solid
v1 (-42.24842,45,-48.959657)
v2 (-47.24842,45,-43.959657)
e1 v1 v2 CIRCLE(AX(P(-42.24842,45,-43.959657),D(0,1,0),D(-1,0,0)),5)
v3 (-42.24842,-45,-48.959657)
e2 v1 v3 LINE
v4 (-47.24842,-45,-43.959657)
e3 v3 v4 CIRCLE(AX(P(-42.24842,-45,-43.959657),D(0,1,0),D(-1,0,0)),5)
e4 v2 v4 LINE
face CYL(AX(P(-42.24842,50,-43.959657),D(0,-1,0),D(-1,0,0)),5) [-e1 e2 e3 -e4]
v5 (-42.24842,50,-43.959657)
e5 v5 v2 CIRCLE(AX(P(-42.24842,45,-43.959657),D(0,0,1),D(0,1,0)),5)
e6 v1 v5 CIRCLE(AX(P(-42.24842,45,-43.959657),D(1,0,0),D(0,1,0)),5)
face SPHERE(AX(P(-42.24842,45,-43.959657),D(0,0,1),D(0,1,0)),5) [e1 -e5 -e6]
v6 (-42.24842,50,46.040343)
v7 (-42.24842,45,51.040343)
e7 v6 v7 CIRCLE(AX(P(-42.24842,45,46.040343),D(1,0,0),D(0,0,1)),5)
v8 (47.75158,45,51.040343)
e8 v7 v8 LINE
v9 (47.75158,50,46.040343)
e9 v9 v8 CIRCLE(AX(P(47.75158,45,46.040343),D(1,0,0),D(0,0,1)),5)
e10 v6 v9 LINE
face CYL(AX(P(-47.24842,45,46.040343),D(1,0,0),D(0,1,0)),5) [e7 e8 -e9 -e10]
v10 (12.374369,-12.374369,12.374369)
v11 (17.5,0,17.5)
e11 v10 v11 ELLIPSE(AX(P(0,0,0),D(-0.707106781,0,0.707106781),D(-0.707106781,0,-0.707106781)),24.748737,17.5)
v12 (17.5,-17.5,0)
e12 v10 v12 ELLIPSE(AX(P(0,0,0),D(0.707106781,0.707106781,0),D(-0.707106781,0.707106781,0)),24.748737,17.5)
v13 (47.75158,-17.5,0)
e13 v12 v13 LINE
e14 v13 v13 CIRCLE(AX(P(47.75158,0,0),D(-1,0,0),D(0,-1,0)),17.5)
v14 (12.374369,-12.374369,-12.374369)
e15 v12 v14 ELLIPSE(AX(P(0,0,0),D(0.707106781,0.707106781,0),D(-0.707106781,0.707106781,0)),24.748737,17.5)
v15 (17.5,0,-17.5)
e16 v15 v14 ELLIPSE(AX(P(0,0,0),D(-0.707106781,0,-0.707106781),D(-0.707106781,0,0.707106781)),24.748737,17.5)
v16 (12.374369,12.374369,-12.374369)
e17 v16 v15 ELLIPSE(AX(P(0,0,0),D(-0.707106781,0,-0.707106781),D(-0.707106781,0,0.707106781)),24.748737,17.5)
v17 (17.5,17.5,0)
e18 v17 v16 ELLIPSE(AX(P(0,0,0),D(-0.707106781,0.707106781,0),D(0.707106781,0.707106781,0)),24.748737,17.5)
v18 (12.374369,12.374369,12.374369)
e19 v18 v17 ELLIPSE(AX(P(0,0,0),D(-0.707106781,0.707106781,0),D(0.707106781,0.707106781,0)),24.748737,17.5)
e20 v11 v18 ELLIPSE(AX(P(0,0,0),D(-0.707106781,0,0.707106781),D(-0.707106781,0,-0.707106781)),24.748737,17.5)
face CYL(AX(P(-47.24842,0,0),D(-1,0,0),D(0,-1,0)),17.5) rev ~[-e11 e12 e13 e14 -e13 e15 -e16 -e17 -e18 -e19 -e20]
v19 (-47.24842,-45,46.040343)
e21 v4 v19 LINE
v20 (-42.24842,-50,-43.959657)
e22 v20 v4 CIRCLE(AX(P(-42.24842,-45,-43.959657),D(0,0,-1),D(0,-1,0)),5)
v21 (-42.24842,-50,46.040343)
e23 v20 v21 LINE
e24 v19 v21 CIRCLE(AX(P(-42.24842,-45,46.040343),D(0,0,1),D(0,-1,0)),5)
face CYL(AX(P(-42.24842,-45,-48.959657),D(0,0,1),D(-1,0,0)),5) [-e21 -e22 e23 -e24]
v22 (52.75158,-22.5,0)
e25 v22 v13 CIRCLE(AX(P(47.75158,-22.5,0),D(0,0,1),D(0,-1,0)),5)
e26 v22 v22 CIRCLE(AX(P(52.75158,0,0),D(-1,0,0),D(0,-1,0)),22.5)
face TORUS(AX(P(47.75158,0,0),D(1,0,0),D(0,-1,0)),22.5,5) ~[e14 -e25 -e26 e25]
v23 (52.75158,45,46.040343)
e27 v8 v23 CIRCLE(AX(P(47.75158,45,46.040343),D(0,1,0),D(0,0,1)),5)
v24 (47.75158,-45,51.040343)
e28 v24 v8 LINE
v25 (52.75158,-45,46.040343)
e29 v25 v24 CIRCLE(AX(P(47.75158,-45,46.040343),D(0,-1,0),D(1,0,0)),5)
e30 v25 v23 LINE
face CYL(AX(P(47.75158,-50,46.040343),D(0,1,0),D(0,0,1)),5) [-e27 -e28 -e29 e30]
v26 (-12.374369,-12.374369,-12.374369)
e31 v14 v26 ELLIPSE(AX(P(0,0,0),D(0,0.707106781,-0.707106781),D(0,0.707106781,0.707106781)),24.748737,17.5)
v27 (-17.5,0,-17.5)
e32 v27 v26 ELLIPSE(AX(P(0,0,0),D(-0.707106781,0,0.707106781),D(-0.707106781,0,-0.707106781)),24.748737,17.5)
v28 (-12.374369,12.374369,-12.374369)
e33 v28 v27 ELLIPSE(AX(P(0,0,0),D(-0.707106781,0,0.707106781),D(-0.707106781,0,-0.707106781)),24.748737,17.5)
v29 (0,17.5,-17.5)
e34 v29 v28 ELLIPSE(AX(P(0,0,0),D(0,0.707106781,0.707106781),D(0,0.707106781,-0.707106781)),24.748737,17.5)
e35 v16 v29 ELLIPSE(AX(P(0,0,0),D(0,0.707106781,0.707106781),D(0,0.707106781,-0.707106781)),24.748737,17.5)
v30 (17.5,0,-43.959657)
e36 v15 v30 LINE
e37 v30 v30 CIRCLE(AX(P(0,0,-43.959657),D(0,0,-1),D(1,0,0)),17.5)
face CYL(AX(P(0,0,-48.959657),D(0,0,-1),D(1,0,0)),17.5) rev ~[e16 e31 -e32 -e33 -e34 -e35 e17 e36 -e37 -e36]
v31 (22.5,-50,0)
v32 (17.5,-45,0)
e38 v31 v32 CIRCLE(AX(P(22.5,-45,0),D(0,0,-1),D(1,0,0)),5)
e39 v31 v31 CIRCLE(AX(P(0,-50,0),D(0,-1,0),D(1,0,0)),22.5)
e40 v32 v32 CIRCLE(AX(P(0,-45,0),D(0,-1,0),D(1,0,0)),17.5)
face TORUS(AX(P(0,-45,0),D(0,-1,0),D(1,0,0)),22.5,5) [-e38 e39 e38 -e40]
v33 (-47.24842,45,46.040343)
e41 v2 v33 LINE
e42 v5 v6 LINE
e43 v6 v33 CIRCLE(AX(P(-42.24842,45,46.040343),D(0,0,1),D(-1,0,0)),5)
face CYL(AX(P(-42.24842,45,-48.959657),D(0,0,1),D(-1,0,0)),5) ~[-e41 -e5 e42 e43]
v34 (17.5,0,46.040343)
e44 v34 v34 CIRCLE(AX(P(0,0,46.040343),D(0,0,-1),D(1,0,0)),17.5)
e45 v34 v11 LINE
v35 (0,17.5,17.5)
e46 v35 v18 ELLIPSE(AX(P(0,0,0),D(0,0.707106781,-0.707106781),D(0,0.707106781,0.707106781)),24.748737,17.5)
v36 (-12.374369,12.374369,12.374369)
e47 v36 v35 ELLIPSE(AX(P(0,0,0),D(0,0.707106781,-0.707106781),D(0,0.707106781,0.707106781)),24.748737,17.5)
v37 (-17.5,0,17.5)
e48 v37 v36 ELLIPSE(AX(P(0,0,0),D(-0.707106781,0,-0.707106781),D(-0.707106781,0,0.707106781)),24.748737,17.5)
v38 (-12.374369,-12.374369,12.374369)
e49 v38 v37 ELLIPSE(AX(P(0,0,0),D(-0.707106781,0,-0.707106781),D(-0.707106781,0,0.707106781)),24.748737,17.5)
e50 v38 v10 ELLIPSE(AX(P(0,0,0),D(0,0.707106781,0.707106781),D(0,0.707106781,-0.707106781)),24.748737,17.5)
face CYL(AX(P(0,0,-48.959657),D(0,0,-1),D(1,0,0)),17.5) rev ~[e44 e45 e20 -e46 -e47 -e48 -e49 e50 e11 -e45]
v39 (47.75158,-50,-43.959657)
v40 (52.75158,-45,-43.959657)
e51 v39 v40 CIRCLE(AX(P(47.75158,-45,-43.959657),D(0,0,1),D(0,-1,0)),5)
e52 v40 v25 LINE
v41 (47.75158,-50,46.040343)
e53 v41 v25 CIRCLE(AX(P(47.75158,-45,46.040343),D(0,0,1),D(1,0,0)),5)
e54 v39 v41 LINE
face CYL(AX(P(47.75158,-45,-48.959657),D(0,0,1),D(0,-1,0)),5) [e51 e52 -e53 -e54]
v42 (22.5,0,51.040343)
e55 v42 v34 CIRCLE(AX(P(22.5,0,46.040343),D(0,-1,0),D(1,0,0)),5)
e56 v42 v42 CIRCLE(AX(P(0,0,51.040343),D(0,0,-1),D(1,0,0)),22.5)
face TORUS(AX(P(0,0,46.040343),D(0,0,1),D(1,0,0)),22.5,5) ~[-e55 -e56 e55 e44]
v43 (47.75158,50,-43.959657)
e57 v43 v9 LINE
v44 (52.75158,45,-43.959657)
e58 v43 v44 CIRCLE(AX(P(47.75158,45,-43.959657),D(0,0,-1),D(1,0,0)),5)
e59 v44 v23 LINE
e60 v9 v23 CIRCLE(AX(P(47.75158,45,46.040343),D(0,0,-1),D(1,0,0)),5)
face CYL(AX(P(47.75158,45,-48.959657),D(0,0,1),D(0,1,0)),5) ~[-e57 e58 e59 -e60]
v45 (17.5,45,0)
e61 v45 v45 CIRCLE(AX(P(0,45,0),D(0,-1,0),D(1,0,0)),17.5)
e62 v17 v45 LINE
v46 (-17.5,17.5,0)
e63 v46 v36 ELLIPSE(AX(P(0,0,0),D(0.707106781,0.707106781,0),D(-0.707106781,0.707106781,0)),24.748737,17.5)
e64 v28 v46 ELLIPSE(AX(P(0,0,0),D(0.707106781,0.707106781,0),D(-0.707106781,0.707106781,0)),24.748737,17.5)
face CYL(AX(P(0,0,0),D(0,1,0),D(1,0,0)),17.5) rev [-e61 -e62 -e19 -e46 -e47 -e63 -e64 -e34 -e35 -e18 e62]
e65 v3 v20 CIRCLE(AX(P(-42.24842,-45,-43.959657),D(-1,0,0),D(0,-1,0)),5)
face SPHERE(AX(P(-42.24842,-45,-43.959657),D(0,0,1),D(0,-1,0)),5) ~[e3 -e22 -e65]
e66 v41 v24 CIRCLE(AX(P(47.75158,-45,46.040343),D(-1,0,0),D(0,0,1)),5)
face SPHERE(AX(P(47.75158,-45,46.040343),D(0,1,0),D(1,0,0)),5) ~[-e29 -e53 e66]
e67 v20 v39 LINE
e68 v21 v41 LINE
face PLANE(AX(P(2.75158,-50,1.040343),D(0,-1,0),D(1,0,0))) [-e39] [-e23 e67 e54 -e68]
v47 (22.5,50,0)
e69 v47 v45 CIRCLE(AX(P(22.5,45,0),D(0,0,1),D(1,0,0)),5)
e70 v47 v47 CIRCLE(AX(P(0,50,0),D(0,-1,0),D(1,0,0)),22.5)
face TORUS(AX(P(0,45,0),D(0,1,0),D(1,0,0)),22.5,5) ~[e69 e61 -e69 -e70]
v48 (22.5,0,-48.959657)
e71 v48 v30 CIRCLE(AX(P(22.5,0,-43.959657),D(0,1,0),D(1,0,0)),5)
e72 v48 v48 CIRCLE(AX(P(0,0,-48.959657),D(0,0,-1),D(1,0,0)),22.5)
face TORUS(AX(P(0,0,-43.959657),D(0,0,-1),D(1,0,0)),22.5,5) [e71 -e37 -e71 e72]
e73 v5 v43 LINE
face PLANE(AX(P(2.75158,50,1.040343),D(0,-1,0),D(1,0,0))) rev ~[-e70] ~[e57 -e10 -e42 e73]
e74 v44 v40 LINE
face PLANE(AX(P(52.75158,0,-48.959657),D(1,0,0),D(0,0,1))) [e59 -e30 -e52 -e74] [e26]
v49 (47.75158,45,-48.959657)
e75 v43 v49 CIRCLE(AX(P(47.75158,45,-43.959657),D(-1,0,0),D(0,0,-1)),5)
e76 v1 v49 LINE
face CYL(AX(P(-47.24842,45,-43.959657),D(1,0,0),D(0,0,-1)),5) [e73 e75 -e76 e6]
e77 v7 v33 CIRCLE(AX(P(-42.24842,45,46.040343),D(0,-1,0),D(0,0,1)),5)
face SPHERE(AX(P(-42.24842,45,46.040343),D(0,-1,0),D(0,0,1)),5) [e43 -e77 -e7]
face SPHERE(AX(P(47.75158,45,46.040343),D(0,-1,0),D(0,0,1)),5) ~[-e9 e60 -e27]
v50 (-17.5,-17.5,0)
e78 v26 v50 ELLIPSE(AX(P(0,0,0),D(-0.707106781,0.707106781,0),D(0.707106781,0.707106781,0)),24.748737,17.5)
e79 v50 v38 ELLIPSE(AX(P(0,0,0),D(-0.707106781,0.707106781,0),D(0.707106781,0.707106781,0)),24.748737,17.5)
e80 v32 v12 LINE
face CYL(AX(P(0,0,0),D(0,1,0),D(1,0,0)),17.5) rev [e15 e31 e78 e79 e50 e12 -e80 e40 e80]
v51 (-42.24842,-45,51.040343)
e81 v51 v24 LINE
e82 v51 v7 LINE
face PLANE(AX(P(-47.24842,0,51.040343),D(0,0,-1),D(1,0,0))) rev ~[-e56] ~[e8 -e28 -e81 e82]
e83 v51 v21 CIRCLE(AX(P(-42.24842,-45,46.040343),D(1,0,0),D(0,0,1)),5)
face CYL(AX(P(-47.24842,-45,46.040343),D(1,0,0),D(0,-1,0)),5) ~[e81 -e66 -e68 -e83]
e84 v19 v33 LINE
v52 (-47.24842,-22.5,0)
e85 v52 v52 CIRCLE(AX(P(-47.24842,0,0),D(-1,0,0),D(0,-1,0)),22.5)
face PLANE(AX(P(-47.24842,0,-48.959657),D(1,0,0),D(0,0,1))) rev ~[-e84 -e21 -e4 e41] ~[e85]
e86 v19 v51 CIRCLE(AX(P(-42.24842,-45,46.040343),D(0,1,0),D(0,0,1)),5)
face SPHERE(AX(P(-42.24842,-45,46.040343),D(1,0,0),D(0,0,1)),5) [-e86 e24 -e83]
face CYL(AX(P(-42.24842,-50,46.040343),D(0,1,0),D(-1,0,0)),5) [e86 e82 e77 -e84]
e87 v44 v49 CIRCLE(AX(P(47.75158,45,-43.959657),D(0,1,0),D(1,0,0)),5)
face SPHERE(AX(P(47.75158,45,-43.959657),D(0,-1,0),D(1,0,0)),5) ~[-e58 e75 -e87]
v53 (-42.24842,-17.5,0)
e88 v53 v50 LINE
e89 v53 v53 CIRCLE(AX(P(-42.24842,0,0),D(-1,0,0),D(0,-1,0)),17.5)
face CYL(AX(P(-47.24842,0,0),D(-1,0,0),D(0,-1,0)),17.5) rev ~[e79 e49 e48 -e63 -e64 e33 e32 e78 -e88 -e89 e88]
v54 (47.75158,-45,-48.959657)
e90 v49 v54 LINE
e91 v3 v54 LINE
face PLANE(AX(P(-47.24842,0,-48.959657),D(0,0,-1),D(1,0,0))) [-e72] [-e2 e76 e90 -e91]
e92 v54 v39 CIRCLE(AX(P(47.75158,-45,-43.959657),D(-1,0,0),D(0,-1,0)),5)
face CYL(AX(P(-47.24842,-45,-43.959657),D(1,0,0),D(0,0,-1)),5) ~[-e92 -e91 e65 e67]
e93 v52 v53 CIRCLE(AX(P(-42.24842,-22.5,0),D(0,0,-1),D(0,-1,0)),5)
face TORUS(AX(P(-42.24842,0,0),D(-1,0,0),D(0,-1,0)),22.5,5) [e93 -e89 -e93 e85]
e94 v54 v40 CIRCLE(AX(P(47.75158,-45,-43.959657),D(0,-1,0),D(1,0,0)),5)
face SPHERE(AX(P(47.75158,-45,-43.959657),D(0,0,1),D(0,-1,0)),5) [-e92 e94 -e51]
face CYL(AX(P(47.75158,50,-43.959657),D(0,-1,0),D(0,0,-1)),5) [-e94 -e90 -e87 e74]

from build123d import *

# Parameters (mm, degrees)
F0_W     = 100
F0_H     = 100
F0_R     = 17.5
F1_DEPTH = 50
F2_R     = 17.5
F3_DEPTH = 100
F4_R     = 17.5
F5_DEPTH = 101
F6_R     = 5


with BuildPart() as f1:
    # F0 (on Front) → F1 (new body, symmetric)
    with BuildSketch(Plane.XZ):
        with Locations((2.7515795082, 1.0403425059)):
            Rectangle(F0_W, F0_H)
        Circle(F0_R, mode=Mode.SUBTRACT)
    extrude(amount=F1_DEPTH, both=True)

    # F2 (on face) → F3 (cut, through all)
    with BuildSketch(Plane(origin=(-47.2484204918, 0, 0), x_dir=(0, -1, 0), z_dir=(-1, 0, 0))):
        Circle(F2_R)
    extrude(amount=-F3_DEPTH, mode=Mode.SUBTRACT)

    # F4 (on face) → F5 (cut, symmetric)
    with BuildSketch(Plane(origin=(0, 0, -48.9596574941), x_dir=(1, 0, 0), z_dir=(0, 0, -1))):
        Circle(F4_R)
    extrude(amount=F5_DEPTH, both=True, mode=Mode.SUBTRACT)

    # F6
    f6_edges = [f1.edges().sort_by_distance(p)[0] for p in [
        (52.75158, 0, 51.040343),
        (52.75158, -50, 1.040343),
        (2.75158, -50, 51.040343),
        (-47.24842, 0, 51.040343),
        (2.75158, 50, 51.040343),
        (-47.24842, -50, 1.040343),
        (2.75158, -50, -48.959657),
        (52.75158, 0, -48.959657),
        (52.75158, 50, 1.040343),
        (-47.24842, 50, 1.040343),
        (2.75158, 50, -48.959657),
        (-47.24842, 0, -48.959657),
        (-17.5, 50, 0),
        (52.75158, 17.5, 0),
        (-17.5, 0, 51.040343),
        (-17.5, 0, -48.959657),
        (-47.24842, 17.5, 0),
        (-17.5, -50, 0),
    ]]
    fillet(f6_edges, radius=F6_R)


solid = f1.part
